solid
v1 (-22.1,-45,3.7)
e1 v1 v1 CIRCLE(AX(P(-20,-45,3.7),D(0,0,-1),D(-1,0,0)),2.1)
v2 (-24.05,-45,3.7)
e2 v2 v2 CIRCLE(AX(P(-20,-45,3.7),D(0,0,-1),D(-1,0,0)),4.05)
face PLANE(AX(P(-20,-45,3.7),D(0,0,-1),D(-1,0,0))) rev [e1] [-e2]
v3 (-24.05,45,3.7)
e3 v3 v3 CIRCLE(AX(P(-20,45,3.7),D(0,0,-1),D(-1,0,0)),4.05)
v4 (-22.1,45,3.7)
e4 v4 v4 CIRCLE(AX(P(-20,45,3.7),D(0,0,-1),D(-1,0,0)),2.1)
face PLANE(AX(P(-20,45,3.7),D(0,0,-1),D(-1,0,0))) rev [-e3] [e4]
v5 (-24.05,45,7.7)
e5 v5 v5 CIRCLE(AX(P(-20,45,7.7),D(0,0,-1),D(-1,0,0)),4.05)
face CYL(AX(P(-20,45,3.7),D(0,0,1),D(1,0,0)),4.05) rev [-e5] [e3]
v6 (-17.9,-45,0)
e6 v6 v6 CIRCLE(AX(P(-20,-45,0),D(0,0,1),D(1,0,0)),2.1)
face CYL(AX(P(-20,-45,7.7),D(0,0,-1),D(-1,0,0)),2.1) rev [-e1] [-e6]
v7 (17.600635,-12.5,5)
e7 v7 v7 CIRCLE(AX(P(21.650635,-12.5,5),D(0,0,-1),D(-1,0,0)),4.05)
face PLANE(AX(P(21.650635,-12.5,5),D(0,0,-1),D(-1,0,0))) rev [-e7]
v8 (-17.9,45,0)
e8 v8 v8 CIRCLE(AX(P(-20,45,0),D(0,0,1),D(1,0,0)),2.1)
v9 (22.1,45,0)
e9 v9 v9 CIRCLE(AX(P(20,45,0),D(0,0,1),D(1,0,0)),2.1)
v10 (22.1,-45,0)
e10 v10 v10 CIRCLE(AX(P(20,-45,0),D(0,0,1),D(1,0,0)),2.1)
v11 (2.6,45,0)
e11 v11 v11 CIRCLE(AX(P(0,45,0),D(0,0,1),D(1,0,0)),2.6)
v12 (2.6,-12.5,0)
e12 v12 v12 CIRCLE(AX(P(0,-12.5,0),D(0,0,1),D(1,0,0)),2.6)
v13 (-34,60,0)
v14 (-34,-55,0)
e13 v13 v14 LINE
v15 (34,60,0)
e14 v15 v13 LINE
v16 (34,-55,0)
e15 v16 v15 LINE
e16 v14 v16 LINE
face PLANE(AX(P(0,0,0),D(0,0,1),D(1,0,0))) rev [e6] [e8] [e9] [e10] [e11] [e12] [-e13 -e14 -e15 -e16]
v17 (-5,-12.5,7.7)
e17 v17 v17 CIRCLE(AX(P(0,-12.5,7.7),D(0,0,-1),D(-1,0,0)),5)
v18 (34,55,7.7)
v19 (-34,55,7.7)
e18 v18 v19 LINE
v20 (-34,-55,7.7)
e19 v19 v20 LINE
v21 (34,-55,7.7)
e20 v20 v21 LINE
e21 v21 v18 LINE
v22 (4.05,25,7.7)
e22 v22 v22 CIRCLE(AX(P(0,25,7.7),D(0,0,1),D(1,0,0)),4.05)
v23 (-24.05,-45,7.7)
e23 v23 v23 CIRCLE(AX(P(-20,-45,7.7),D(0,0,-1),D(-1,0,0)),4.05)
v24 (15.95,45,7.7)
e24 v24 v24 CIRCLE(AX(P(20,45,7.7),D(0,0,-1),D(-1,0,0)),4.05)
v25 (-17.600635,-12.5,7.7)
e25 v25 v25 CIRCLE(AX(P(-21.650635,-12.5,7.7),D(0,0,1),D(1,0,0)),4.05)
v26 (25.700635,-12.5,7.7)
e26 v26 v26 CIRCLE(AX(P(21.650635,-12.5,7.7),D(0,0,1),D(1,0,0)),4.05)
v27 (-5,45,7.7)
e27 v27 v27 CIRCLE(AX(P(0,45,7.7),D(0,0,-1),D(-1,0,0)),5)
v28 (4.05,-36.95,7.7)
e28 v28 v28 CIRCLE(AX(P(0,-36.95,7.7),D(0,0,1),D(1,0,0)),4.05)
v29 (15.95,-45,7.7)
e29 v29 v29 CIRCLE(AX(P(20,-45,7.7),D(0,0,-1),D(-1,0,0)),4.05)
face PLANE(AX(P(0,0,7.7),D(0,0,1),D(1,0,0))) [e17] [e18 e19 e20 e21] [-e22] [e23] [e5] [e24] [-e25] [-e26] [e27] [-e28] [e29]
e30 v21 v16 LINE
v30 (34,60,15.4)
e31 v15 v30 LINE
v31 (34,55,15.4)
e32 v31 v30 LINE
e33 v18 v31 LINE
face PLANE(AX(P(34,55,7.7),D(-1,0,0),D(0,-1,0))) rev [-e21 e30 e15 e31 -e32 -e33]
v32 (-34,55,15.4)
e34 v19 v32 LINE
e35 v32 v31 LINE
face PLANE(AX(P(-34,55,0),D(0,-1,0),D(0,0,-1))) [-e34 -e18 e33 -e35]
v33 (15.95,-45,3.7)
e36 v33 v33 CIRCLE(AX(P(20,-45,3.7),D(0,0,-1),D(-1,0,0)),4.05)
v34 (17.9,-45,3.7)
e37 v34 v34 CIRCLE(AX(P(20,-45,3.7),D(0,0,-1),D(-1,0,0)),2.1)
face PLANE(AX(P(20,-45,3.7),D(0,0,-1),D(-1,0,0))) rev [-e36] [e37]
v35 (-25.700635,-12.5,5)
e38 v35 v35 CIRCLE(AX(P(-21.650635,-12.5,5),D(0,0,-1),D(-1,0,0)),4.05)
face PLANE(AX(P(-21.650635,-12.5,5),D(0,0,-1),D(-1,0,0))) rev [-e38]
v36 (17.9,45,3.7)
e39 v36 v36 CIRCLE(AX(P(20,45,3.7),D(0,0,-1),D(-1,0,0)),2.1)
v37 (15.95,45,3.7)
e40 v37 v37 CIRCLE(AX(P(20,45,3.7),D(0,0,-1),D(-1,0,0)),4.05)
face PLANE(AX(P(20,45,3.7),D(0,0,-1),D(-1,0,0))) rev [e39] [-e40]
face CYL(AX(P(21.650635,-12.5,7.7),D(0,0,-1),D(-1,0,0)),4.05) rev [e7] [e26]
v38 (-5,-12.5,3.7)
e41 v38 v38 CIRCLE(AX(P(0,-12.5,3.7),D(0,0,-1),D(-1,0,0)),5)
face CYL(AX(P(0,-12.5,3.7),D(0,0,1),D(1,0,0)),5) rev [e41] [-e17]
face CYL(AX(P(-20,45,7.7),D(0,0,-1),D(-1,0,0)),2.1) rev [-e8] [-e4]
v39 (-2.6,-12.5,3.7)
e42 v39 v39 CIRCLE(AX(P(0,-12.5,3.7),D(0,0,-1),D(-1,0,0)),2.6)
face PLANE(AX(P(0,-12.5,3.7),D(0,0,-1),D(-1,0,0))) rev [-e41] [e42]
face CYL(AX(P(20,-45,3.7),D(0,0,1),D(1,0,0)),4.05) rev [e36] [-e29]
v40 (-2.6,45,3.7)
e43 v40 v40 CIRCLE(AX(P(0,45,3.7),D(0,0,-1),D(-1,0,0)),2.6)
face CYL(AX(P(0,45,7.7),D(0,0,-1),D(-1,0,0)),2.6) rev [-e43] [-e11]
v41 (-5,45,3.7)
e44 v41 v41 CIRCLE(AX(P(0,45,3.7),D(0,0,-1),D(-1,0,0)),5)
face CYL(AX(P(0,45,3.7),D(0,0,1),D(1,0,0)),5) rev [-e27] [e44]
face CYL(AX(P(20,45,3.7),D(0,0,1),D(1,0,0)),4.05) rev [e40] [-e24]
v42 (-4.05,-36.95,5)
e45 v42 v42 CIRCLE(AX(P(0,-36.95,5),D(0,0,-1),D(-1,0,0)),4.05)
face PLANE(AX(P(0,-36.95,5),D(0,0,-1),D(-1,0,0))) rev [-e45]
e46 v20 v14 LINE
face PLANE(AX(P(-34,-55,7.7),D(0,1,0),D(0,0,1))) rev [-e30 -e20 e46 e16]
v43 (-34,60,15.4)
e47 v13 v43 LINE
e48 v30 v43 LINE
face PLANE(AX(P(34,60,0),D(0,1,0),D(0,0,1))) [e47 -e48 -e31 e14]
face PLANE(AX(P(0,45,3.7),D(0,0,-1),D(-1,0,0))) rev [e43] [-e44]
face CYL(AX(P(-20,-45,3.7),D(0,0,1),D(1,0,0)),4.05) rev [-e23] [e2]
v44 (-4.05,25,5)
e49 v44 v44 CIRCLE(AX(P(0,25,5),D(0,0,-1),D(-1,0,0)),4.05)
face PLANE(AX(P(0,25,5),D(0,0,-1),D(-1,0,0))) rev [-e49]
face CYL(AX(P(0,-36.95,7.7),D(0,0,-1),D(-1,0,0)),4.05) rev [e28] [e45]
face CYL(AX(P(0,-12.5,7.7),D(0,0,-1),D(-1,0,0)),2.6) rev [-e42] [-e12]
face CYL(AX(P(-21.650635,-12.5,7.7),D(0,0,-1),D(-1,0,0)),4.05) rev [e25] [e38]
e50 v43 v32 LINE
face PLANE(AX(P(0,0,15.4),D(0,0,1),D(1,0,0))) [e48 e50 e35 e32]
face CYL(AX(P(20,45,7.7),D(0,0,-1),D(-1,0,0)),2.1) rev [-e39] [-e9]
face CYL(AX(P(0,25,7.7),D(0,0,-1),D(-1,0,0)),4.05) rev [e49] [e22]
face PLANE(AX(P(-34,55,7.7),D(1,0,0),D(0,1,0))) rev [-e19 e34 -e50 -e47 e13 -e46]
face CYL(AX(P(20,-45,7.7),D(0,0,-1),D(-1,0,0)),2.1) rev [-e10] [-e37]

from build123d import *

# Parameters (mm, degrees)
SKETCH1_W                = 68
SKETCH1_H                = 110
SKETCH1_R                = 2.1
SKETCH1_R_2              = 4.05
SKETCH1_R_3              = 2.6
BOSS_EXTRUDE1_DEPTH      = 7.7
SKETCH2_R                = 6.304633146
SKETCH2_R_2              = 7.334333348
SKETCH2_R_3              = 8.114040952
SKETCH2_R_4              = 11.073656437
BOSS_EXTRUDE2_DEPTH      = 5
SKETCH3_R                = 4.05
SKETCH3_R_2              = 5
CUT_EXTRUDE1_DEPTH       = 4
SKETCH4_W                = 68
SKETCH4_H                = 5
BOSS_EXTRUDE3_DEPTH      = 7.7
BOSS_EXTRUDE3_DEPTH_BACK = 7.7


with BuildPart() as part:
    # Sketch1 → Boss-Extrude1 (new body)
    with BuildSketch(Plane.XY):
        Rectangle(SKETCH1_W, SKETCH1_H)
        with Locations((20, 45)):
            Circle(SKETCH1_R, mode=Mode.SUBTRACT)
        with Locations((-20, 45)):
            Circle(SKETCH1_R, mode=Mode.SUBTRACT)
        with Locations((20, -45)):
            Circle(SKETCH1_R, mode=Mode.SUBTRACT)
        with Locations((-20, -45)):
            Circle(SKETCH1_R, mode=Mode.SUBTRACT)
        with Locations((21.650635095, -12.5)):
            Circle(SKETCH1_R_2, mode=Mode.SUBTRACT)
        with Locations((0, 25)):
            Circle(SKETCH1_R_2, mode=Mode.SUBTRACT)
        with Locations((-21.650635095, -12.5)):
            Circle(SKETCH1_R_2, mode=Mode.SUBTRACT)
        with Locations((0, -36.95)):
            Circle(SKETCH1_R_2, mode=Mode.SUBTRACT)
        with Locations((0, 45)):
            Circle(SKETCH1_R_3, mode=Mode.SUBTRACT)
        with Locations((0, -12.5)):
            Circle(SKETCH1_R_3, mode=Mode.SUBTRACT)
    extrude(amount=BOSS_EXTRUDE1_DEPTH)

    # Sketch2 → Boss-Extrude2 (add)
    with BuildSketch(Plane(origin=(0, 0, 0), x_dir=(-1, 0, 0), z_dir=(0, 0, -1))):
        with Locations((-21.650635095, -12.5)):
            Circle(SKETCH2_R)
        with Locations((0, 25)):
            Circle(SKETCH2_R_2)
        with Locations((21.650635095, -12.5)):
            Circle(SKETCH2_R_3)
        with Locations((0, -36.95)):
            Circle(SKETCH2_R_4)
    extrude(amount=-BOSS_EXTRUDE2_DEPTH)

    # Sketch3 → Cut-Extrude1 (cut)
    with BuildSketch(Plane(origin=(0, 0, 7.7), x_dir=(-1, 0, 0), z_dir=(0, 0, -1))):
        with Locations((-20, 45)):
            Circle(SKETCH3_R)
        with Locations((20, 45)):
            Circle(SKETCH3_R)
        with Locations((-20, -45)):
            Circle(SKETCH3_R)
        with Locations((20, -45)):
            Circle(SKETCH3_R)
        with Locations((0, 45)):
            Circle(SKETCH3_R_2)
        with Locations((0, -12.5)):
            Circle(SKETCH3_R_2)
    extrude(amount=CUT_EXTRUDE1_DEPTH, mode=Mode.SUBTRACT)

    # Sketch4 → Boss-Extrude3 (add, two sides)
    with BuildSketch(Plane.XY.offset(7.7)) as boss_extrude3_sk:
        with Locations((0, 57.5)):
            Rectangle(SKETCH4_W, SKETCH4_H)
    extrude(amount=BOSS_EXTRUDE3_DEPTH)
    extrude(boss_extrude3_sk.sketch, amount=-BOSS_EXTRUDE3_DEPTH_BACK)


solid = part.part
